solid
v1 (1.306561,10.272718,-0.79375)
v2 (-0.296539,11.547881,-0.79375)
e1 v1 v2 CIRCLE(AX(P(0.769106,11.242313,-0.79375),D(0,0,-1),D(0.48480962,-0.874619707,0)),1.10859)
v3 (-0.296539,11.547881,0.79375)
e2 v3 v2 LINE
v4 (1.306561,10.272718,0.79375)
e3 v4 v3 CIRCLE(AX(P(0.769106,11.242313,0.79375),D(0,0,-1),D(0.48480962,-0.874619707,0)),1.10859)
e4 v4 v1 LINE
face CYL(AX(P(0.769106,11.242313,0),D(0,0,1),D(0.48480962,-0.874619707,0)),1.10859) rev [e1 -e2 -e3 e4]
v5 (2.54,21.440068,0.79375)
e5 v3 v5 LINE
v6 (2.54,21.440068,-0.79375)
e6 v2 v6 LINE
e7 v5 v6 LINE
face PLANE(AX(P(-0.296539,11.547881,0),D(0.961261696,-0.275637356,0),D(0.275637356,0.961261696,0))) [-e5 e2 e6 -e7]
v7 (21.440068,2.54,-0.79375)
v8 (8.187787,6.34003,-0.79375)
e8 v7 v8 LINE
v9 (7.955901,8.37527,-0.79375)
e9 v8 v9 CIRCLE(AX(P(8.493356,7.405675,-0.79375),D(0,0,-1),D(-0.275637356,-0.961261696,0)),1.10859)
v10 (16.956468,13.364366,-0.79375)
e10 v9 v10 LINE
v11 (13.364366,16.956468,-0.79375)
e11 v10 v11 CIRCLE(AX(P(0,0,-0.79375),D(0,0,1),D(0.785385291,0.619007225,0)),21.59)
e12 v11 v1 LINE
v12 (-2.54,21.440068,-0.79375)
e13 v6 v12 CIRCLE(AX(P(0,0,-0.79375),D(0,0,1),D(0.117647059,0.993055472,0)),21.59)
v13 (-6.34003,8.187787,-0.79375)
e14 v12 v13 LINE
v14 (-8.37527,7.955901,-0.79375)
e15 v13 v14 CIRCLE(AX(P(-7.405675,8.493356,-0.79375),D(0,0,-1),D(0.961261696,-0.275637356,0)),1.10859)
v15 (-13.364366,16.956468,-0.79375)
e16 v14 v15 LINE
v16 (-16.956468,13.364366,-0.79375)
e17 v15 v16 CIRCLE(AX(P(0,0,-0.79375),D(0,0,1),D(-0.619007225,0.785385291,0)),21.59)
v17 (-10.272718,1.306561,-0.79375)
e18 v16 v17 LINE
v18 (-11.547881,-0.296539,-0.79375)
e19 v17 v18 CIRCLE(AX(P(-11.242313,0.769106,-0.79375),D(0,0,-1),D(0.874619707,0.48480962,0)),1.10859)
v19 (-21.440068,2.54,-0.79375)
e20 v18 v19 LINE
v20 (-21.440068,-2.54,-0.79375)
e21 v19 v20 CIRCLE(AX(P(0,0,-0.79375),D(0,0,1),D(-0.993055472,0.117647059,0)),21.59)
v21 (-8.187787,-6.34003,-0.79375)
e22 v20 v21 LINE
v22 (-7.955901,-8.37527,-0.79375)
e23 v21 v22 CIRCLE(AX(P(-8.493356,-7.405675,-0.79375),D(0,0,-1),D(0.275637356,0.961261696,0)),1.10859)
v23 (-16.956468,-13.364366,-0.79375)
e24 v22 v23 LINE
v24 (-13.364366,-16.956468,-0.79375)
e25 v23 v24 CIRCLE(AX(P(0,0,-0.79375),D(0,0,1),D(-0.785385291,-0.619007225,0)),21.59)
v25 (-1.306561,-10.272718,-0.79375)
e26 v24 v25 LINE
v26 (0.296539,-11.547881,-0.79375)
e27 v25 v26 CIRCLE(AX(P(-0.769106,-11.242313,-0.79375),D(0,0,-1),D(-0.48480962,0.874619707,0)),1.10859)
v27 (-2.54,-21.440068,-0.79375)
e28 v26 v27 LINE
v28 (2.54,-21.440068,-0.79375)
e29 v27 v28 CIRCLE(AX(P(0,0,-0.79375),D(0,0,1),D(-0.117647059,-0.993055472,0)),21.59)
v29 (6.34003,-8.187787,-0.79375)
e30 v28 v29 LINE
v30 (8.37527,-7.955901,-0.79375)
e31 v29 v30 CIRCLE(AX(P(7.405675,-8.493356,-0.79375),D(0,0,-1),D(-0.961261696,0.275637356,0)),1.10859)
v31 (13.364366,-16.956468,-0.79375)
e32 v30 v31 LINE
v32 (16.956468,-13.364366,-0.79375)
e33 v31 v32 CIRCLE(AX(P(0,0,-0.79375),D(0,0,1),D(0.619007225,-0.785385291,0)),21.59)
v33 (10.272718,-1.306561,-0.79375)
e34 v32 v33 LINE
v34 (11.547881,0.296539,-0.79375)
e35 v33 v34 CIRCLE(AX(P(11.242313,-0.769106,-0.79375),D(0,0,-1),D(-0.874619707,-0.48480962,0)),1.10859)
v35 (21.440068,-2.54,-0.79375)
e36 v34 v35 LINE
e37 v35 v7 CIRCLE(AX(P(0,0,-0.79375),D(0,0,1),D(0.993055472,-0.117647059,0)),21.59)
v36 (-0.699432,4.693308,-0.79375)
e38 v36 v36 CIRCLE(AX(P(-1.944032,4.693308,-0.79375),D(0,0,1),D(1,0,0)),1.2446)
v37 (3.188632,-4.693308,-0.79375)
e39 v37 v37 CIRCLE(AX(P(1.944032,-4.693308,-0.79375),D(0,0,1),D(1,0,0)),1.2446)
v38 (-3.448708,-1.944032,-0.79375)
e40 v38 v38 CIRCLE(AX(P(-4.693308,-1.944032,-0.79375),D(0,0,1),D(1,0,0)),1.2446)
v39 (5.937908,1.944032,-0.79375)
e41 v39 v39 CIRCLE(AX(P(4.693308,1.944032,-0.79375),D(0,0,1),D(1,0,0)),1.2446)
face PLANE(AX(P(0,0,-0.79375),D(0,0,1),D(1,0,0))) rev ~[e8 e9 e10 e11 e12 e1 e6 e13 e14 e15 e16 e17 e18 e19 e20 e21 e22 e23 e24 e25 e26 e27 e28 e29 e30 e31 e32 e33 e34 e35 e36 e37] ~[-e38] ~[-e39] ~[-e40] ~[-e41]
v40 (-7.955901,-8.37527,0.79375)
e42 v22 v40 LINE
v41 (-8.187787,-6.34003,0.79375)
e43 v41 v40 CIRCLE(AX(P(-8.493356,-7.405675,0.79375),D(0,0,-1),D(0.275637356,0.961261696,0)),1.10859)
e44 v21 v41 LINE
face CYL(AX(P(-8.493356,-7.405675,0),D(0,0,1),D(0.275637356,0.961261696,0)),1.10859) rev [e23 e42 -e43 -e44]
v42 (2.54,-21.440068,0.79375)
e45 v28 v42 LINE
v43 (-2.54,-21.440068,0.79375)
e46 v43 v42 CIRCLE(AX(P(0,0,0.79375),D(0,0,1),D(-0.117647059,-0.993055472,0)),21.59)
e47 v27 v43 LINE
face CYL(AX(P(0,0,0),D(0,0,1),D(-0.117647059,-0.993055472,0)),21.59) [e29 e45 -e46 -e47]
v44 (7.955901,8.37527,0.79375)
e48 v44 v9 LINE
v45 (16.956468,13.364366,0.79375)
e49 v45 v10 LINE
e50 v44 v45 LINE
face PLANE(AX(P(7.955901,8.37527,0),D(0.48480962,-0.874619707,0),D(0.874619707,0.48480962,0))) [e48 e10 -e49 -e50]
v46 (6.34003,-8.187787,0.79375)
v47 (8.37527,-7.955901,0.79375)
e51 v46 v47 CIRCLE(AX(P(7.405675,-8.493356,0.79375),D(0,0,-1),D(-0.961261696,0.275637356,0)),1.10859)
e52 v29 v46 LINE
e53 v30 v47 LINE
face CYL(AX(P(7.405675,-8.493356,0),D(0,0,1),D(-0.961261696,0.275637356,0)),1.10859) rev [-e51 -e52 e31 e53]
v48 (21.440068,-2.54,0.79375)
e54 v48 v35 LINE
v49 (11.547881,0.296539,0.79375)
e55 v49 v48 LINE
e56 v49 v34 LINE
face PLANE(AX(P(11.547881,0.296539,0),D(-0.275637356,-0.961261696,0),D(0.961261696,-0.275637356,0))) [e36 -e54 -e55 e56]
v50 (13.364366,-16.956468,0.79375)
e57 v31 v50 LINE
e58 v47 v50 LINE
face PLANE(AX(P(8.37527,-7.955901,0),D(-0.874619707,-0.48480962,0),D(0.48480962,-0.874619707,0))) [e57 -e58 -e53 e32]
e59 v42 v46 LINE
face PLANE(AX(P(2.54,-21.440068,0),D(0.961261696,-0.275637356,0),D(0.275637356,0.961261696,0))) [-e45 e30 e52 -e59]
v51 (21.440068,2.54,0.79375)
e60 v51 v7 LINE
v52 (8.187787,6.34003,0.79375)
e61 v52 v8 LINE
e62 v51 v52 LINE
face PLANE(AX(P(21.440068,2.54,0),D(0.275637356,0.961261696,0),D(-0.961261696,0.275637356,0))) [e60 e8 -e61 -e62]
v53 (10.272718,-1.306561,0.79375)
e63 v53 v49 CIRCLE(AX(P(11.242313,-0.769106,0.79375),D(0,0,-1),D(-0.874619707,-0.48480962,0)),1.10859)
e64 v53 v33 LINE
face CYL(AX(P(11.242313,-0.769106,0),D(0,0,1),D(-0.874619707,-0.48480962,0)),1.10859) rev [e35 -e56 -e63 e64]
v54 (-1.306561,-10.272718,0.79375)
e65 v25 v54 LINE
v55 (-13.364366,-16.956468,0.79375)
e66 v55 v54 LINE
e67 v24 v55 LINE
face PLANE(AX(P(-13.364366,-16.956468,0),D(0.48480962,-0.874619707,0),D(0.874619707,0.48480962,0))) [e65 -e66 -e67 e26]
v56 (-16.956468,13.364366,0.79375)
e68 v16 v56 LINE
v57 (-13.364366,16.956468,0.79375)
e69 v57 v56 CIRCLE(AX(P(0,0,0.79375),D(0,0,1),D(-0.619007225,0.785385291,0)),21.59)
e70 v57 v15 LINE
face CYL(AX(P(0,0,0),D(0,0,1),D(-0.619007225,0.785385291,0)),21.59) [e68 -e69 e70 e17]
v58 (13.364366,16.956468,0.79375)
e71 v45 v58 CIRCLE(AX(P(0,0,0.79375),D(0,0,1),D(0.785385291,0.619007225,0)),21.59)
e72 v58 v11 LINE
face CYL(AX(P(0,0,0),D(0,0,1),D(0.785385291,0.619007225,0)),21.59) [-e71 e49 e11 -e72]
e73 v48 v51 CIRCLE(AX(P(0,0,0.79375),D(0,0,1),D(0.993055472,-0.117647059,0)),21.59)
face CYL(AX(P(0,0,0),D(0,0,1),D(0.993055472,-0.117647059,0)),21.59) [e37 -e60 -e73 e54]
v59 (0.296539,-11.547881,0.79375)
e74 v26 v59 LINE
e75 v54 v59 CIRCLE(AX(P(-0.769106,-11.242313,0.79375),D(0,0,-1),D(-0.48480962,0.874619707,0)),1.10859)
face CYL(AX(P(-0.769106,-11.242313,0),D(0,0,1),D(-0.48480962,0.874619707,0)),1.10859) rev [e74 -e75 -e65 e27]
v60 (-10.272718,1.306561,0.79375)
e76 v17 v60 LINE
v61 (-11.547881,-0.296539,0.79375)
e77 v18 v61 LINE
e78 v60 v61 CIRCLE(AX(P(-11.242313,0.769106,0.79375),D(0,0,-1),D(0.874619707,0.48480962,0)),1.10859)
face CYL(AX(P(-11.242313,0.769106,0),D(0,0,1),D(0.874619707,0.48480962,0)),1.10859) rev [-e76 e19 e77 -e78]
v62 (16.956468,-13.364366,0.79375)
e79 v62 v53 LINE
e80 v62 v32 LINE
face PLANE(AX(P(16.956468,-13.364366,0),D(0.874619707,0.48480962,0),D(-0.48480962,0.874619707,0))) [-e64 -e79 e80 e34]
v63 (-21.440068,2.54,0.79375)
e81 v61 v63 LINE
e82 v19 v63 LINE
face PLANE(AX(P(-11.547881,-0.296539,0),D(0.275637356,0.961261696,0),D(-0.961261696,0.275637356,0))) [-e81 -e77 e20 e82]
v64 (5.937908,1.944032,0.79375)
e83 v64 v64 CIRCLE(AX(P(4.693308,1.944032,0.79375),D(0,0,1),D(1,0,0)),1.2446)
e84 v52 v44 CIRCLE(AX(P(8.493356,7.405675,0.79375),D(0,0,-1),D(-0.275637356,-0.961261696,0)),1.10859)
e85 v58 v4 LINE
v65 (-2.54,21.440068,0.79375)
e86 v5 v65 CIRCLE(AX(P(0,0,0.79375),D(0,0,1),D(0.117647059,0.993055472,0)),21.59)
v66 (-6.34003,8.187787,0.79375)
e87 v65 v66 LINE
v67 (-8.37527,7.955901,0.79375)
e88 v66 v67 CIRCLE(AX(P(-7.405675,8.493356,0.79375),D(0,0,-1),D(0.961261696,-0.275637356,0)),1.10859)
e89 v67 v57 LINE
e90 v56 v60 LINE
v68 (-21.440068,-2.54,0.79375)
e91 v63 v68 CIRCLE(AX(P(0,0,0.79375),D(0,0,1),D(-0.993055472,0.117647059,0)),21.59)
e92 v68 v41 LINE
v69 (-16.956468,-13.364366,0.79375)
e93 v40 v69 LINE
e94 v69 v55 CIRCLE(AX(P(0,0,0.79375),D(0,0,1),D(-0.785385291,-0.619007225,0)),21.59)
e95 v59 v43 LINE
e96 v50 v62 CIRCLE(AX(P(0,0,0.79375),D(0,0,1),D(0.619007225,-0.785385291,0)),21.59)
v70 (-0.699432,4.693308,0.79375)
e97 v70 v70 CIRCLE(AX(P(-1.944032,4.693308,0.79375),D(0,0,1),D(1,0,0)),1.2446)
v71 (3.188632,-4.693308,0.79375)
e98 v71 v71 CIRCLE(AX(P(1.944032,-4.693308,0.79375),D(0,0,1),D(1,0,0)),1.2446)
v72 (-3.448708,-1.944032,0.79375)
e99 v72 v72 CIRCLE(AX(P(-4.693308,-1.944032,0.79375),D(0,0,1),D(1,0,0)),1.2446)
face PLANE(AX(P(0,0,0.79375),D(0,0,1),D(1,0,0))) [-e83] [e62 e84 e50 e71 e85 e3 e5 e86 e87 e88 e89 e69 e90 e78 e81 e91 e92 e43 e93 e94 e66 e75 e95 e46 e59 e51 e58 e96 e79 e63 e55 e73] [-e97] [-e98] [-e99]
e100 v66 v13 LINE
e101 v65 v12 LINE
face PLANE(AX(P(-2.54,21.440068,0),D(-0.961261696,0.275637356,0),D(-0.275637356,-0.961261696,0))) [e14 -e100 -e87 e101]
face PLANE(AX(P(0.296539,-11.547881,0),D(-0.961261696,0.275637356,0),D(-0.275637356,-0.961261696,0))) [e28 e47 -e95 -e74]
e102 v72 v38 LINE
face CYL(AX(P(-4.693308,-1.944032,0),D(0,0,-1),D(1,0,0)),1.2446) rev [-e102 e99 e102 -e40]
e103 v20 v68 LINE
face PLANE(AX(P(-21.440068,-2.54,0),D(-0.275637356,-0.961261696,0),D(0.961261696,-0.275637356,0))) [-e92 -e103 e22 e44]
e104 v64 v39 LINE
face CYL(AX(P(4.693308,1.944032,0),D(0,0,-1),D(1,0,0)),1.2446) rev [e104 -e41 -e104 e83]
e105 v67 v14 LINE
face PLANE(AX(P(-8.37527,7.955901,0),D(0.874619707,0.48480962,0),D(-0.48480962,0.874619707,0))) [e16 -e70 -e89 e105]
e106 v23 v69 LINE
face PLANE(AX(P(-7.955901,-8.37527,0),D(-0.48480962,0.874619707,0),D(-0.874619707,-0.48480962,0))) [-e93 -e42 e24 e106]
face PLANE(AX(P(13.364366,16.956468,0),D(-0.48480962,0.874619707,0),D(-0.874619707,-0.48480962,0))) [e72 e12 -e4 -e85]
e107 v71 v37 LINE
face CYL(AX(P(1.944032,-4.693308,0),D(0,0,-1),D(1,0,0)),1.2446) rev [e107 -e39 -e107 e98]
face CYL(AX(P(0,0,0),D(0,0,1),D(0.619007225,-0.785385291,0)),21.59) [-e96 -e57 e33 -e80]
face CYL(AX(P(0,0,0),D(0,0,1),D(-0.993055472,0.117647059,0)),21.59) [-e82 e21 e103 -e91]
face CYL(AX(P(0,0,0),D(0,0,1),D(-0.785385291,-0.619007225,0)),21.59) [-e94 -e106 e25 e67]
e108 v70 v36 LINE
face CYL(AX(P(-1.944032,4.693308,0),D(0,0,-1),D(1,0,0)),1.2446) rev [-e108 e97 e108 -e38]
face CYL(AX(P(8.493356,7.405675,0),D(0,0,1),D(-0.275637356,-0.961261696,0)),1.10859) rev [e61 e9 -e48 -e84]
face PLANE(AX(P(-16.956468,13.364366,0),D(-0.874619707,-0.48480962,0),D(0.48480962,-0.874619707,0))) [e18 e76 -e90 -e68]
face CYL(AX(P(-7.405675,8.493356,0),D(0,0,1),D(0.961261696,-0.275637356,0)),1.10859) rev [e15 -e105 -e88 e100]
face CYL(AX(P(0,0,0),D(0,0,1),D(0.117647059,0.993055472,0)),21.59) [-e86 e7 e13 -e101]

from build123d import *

# Parameters (mm, degrees)
F0_R     = 1.2446
F1_DEPTH = 0.79375


with BuildPart() as f1:
    # F0 (on Top) → F1 (new body, symmetric)
    with BuildSketch(Plane.XY):
        with BuildLine():
            ThreePointArc((-13.3643659864, 16.9564684348), (-15.2664354058, 15.2664354058), (-16.9564684348, 13.3643659864))
            Line((-16.9564684348, 13.3643659864), (-10.2727180806, 1.3065611631))
            ThreePointArc((-10.2727180806, 1.3065611631), (-10.3747211482, 0.0789927684), (-11.5478813469, -0.2965387719))
            Line((-11.5478813469, -0.2965387719), (-21.4400676305, 2.54))
            ThreePointArc((-21.4400676305, 2.54), (-21.59, 0), (-21.4400676305, -2.54))
            Line((-21.4400676305, -2.54), (-8.1877868744, -6.3400303576))
            ThreePointArc((-8.1877868744, -6.3400303576), (-7.391891999, -7.2801793546), (-7.9559006322, -8.3752697852))
            Line((-7.9559006322, -8.3752697852), (-16.9564684348, -13.3643659864))
            ThreePointArc((-16.9564684348, -13.3643659864), (-15.2664354058, -15.2664354058), (-13.3643659864, -16.9564684348))
            Line((-13.3643659864, -16.9564684348), (-1.3065611631, -10.2727180806))
            ThreePointArc((-1.3065611631, -10.2727180806), (-0.0789927684, -10.3747211482), (0.2965387719, -11.5478813469))
            Line((0.2965387719, -11.5478813469), (-2.54, -21.4400676305))
            ThreePointArc((-2.54, -21.4400676305), (0, -21.59), (2.54, -21.4400676305))
            Line((2.54, -21.4400676305), (6.3400303576, -8.1877868744))
            ThreePointArc((6.3400303576, -8.1877868744), (7.2801793546, -7.391891999), (8.3752697852, -7.9559006322))
            Line((8.3752697852, -7.9559006322), (13.3643659864, -16.9564684348))
            ThreePointArc((13.3643659864, -16.9564684348), (15.2664354058, -15.2664354058), (16.9564684348, -13.3643659864))
            Line((16.9564684348, -13.3643659864), (10.2727180806, -1.3065611631))
            ThreePointArc((10.2727180806, -1.3065611631), (10.3747211482, -0.0789927684), (11.5478813469, 0.2965387719))
            Line((11.5478813469, 0.2965387719), (21.4400676305, -2.54))
            ThreePointArc((21.4400676305, -2.54), (21.59, 0), (21.4400676305, 2.54))
            Line((21.4400676305, 2.54), (8.1877868744, 6.3400303576))
            ThreePointArc((8.1877868744, 6.3400303576), (7.391891999, 7.2801793546), (7.9559006322, 8.3752697852))
            Line((7.9559006322, 8.3752697852), (16.9564684348, 13.3643659864))
            ThreePointArc((16.9564684348, 13.3643659864), (15.2664354058, 15.2664354058), (13.3643659864, 16.9564684348))
            Line((13.3643659864, 16.9564684348), (1.3065611631, 10.2727180806))
            ThreePointArc((1.3065611631, 10.2727180806), (0.0789927684, 10.3747211482), (-0.2965387719, 11.5478813469))
            Line((-0.2965387719, 11.5478813469), (2.54, 21.4400676305))
            ThreePointArc((2.54, 21.4400676305), (0, 21.59), (-2.54, 21.4400676305))
            Line((-2.54, 21.4400676305), (-6.3400303576, 8.1877868744))
            ThreePointArc((-6.3400303576, 8.1877868744), (-7.2801793546, 7.391891999), (-8.3752697852, 7.9559006322))
            Line((-8.3752697852, 7.9559006322), (-13.3643659864, 16.9564684348))
        make_face()
        with Locations((-4.6933080252, -1.9440318364)):
            Circle(F0_R, mode=Mode.SUBTRACT)
        with Locations((1.9440318364, -4.6933080252)):
            Circle(F0_R, mode=Mode.SUBTRACT)
        with Locations((-1.9440318364, 4.6933080252)):
            Circle(F0_R, mode=Mode.SUBTRACT)
        with Locations((4.6933080252, 1.9440318364)):
            Circle(F0_R, mode=Mode.SUBTRACT)
    extrude(amount=F1_DEPTH, both=True)


solid = f1.part
